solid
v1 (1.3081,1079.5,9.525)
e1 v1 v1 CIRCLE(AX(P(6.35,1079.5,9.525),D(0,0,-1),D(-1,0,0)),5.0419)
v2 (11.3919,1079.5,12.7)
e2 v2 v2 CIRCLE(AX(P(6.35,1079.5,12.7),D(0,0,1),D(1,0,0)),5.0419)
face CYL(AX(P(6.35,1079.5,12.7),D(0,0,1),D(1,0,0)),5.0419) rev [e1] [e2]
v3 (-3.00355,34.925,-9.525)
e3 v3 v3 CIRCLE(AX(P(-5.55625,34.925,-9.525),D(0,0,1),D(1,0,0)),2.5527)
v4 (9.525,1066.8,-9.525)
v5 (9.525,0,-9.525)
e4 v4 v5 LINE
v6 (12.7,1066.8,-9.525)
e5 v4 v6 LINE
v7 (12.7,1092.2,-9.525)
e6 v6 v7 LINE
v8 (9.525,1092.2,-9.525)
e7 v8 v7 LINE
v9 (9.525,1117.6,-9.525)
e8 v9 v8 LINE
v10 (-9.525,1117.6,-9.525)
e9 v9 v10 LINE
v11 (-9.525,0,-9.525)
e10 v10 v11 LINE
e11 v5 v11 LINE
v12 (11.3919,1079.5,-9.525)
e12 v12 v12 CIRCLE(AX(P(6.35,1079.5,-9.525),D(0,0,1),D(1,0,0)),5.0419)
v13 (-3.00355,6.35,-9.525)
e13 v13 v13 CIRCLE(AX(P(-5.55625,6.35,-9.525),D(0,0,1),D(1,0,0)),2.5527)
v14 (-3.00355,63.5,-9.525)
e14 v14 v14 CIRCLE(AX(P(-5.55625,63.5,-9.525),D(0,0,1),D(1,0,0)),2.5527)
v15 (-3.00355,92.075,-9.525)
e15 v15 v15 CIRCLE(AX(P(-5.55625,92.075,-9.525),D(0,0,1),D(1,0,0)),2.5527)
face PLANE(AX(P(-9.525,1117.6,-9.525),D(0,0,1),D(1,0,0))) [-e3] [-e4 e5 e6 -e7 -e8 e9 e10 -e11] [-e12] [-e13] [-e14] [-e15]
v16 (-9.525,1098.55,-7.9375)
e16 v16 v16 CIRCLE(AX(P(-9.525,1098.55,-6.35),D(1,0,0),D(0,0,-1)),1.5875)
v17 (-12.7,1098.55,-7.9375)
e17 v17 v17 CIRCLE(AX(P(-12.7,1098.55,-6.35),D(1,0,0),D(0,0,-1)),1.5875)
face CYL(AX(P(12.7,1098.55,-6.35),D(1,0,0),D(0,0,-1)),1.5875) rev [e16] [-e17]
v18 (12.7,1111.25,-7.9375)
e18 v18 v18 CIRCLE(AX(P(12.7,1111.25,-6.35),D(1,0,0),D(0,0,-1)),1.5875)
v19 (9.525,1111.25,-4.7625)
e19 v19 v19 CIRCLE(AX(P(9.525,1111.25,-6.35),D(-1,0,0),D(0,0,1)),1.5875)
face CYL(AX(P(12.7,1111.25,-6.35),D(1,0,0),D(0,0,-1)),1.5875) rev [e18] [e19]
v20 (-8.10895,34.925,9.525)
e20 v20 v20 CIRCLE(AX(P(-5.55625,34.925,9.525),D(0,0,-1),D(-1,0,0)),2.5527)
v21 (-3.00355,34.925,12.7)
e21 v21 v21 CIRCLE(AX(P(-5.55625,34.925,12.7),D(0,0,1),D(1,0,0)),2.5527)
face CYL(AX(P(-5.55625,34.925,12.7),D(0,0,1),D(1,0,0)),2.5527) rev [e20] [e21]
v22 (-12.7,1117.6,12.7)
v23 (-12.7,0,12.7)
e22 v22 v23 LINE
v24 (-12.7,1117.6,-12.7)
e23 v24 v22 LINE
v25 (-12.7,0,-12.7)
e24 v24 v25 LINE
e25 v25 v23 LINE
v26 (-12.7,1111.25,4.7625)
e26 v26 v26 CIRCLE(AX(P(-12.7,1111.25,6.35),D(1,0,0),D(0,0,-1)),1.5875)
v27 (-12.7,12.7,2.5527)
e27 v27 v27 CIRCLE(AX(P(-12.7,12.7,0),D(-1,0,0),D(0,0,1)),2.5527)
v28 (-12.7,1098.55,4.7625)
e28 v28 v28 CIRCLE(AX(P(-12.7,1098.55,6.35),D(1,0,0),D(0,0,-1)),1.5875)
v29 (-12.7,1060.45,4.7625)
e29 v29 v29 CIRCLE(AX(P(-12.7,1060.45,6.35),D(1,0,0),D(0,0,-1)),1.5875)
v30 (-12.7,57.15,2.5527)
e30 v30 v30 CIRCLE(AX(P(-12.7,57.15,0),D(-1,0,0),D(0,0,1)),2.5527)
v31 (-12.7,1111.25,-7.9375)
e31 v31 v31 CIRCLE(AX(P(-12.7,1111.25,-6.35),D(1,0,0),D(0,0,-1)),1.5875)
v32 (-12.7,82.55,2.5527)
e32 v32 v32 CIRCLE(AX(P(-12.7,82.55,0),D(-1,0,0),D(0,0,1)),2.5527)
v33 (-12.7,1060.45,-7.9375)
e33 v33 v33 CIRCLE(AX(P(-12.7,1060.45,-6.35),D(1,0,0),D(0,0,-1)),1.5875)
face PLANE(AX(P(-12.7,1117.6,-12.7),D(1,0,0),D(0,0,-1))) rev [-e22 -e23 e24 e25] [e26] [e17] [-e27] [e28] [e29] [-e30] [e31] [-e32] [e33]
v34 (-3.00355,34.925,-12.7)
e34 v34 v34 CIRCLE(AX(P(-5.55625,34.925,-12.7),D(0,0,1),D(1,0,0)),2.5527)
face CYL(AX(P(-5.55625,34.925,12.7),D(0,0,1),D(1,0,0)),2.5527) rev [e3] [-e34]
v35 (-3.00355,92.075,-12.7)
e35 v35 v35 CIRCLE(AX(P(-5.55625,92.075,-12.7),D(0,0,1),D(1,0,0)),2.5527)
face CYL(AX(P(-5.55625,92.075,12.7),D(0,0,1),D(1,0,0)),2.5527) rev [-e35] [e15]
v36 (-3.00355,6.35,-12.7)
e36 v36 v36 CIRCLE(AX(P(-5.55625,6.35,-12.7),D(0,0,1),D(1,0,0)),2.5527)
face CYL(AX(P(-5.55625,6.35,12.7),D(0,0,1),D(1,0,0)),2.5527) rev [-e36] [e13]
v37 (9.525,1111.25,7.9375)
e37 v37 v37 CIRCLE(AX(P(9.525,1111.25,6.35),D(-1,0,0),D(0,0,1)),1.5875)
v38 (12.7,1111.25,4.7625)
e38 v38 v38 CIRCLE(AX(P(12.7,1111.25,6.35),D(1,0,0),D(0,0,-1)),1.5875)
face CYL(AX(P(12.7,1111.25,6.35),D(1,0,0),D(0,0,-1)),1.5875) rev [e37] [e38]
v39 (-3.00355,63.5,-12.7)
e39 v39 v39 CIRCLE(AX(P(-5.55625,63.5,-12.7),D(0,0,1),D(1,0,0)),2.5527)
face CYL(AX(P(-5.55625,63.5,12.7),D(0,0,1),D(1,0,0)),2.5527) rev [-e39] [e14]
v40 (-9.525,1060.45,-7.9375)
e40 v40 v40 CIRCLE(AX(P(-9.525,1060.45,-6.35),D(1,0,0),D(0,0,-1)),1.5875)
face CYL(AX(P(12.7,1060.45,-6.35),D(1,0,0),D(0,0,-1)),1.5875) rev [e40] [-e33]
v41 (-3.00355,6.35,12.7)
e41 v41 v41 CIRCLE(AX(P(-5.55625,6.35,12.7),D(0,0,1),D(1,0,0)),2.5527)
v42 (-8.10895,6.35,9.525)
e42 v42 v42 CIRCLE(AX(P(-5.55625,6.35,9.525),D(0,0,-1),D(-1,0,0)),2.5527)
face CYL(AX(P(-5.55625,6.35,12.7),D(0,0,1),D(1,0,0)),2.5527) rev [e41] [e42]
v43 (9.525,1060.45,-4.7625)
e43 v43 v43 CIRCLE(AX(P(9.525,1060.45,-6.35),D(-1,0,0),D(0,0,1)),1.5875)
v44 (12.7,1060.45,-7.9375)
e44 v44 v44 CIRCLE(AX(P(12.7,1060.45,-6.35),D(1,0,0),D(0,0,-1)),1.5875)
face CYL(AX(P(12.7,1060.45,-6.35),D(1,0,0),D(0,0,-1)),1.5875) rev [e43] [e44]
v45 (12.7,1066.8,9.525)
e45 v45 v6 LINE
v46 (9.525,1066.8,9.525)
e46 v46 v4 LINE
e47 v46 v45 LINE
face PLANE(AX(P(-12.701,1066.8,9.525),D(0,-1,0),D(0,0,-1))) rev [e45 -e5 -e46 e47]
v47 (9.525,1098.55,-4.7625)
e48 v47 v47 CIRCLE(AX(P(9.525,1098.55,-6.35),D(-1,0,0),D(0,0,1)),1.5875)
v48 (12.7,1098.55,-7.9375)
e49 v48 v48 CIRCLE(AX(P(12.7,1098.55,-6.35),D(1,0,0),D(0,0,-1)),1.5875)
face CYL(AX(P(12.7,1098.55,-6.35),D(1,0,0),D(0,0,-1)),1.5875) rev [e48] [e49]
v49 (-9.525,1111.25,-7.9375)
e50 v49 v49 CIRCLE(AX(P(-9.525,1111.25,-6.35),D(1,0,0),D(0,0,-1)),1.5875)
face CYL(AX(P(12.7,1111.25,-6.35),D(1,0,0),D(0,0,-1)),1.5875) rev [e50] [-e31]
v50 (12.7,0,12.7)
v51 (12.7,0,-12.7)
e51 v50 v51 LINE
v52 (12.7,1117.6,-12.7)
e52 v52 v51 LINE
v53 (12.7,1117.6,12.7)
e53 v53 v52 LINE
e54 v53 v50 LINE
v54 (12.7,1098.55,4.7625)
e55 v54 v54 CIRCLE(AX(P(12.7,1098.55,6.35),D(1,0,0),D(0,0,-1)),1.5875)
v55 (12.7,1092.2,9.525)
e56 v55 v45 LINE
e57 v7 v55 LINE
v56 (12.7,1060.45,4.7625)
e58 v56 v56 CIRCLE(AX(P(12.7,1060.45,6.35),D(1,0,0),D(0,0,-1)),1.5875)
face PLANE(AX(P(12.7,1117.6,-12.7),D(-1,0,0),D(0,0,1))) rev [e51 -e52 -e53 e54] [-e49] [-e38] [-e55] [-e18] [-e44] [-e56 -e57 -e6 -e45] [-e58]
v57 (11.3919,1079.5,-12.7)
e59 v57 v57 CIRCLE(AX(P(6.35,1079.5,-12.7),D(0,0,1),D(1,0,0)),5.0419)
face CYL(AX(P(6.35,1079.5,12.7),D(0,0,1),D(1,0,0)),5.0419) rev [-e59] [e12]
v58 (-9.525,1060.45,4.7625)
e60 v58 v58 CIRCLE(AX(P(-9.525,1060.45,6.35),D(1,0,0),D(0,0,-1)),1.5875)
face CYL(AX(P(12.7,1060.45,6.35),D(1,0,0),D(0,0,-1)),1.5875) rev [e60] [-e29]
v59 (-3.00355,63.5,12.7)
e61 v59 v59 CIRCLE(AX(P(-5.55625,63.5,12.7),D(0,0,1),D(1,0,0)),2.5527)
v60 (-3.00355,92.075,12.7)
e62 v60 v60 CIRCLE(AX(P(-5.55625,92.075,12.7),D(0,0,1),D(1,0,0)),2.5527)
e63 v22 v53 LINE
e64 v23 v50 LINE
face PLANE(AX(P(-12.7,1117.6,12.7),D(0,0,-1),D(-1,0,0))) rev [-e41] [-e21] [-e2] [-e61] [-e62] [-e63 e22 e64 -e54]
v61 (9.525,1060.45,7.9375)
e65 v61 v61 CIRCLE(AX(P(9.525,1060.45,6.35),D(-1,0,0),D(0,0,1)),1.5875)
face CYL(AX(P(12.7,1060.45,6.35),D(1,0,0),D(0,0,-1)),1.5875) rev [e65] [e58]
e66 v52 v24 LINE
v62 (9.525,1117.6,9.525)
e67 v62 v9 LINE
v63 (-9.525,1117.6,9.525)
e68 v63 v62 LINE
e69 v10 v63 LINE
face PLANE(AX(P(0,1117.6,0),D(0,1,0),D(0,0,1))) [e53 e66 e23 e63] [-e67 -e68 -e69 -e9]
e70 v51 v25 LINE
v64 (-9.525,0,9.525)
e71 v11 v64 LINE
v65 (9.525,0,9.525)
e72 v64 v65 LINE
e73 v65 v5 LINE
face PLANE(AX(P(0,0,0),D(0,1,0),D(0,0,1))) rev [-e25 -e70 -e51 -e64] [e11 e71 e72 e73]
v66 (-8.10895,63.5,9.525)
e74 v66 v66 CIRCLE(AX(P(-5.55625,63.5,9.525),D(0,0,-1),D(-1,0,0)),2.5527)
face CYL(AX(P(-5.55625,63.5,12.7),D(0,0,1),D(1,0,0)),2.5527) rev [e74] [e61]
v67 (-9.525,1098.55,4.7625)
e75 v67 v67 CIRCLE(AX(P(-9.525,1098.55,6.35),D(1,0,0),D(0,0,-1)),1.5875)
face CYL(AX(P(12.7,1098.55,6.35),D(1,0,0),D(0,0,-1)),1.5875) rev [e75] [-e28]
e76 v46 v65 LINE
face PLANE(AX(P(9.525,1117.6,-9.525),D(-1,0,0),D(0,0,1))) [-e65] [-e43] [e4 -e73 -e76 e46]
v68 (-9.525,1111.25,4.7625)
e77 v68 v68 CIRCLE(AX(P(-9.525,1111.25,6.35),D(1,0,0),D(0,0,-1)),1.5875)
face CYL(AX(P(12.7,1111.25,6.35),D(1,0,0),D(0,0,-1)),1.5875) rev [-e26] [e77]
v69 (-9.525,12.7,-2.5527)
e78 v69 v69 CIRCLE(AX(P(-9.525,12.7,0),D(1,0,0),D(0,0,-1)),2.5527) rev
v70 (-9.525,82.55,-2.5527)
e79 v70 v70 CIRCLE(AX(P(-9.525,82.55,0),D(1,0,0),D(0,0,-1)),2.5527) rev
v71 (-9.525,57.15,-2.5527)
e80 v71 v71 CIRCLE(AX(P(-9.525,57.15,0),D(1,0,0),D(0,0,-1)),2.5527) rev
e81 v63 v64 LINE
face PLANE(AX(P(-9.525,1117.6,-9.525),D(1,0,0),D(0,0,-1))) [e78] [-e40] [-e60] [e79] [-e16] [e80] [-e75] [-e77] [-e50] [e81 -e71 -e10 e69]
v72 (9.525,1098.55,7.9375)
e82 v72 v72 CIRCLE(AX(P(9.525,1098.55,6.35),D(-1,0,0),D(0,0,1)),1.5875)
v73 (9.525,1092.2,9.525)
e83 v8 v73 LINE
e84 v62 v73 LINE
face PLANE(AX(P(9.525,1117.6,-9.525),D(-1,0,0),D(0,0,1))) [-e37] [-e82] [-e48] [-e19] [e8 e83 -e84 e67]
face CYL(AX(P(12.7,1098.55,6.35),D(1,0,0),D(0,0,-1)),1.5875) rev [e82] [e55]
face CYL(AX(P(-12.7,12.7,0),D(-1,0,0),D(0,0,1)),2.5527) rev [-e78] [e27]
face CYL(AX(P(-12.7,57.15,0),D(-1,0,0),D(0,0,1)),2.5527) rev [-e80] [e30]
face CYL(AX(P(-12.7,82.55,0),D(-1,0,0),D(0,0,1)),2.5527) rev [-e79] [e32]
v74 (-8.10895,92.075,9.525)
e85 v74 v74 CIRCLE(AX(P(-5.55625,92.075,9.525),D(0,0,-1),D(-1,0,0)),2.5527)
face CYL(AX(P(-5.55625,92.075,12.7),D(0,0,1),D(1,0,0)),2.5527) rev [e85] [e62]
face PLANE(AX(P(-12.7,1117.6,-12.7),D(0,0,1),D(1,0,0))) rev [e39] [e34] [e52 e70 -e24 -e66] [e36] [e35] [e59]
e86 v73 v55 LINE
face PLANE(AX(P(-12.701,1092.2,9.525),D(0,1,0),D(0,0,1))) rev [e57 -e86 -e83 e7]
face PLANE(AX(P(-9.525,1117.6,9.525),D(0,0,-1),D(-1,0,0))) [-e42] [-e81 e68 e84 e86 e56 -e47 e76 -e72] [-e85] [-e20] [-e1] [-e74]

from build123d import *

# Parameters (mm, degrees)
SKETCH1_W                    = 25.4
SKETCH1_H                    = 25.4
SKETCH1_W_2                  = 19.05
SKETCH1_H_2                  = 19.05
BOSS_EXTRUDE1_DEPTH          = 1117.6
CUT_EXTRUDE1_REACH           = 1119.961
SKETCH2_W                    = 19.05
SKETCH2_H                    = 25.4
F_3_8_CLEARANCE_HOLE1_D      = 10.0838
F_10_CLEARANCE_HOLE1_REACH   = 1502.875
F_10_CLEARANCE_HOLE1_BORE_R  = 2.5527
F_1_8_0_125_DIAMETER_HOLE1_D = 3.175
F_10_CLEARANCE_HOLE2_D       = 5.1054


with BuildPart() as part:
    # Sketch1 → Boss-Extrude1 (new body)
    with BuildSketch(Plane(origin=(0, 0, 0), x_dir=(1, 0, 0), z_dir=(0, 1, 0))):
        Rectangle(SKETCH1_W, SKETCH1_H)
        Rectangle(SKETCH1_W_2, SKETCH1_H_2, mode=Mode.SUBTRACT)
    extrude(amount=BOSS_EXTRUDE1_DEPTH)

    # Sketch2 → Cut-Extrude1 (cut, up to next)
    with BuildSketch(Plane(origin=(12.7, 0, 0), x_dir=(0, 0, -1), z_dir=(1, 0, 0)), mode=Mode.PRIVATE) as cut_extrude1_sk1:
        with Locations((0, 1079.5)):
            Rectangle(SKETCH2_W, SKETCH2_H)
    cut_extrude1_tool1 = extrude(cut_extrude1_sk1.sketch, amount=-CUT_EXTRUDE1_REACH, mode=Mode.PRIVATE) & part.part
    add(cut_extrude1_tool1.solids().sort_by_distance((12.7, 1079.5, 0))[0], mode=Mode.SUBTRACT)

    # 3/8 Clearance Hole1 (through all)
    with Locations(Plane.XY.offset(12.7)):
        with Locations((6.35, 1079.5)):
            Hole(F_3_8_CLEARANCE_HOLE1_D / 2)

    # #10 Clearance Hole1 bore → #10 Clearance Hole1 (cut, up to next)
    with BuildSketch(Plane(origin=(-12.7, -56.379087674, -922.047250894), x_dir=(0, 0, 1), z_dir=(-1, 0, 0)), mode=Mode.PRIVATE) as f_10_clearance_hole1_sk1:
        with Locations((922.047250894, 138.929087674)):
            Circle(F_10_CLEARANCE_HOLE1_BORE_R)
    f_10_clearance_hole1_tool1 = extrude(f_10_clearance_hole1_sk1.sketch, amount=-F_10_CLEARANCE_HOLE1_REACH, mode=Mode.PRIVATE) & part.part
    # #10 Clearance Hole1 bore → #10 Clearance Hole1 (cut, up to next)
    with BuildSketch(Plane(origin=(-12.7, -56.379087674, -922.047250894), x_dir=(0, 0, 1), z_dir=(-1, 0, 0)), mode=Mode.PRIVATE) as f_10_clearance_hole1_sk2:
        with Locations((922.047250894, 113.529087674)):
            Circle(F_10_CLEARANCE_HOLE1_BORE_R)
    f_10_clearance_hole1_tool2 = extrude(f_10_clearance_hole1_sk2.sketch, amount=-F_10_CLEARANCE_HOLE1_REACH, mode=Mode.PRIVATE) & part.part
    # #10 Clearance Hole1 bore → #10 Clearance Hole1 (cut, up to next)
    with BuildSketch(Plane(origin=(-12.7, -56.379087674, -922.047250894), x_dir=(0, 0, 1), z_dir=(-1, 0, 0)), mode=Mode.PRIVATE) as f_10_clearance_hole1_sk3:
        with Locations((922.047250894, 69.079087674)):
            Circle(F_10_CLEARANCE_HOLE1_BORE_R)
    f_10_clearance_hole1_tool3 = extrude(f_10_clearance_hole1_sk3.sketch, amount=-F_10_CLEARANCE_HOLE1_REACH, mode=Mode.PRIVATE) & part.part
    add(f_10_clearance_hole1_tool1.solids().sort_by_distance((-12.7, 82.55, 0))[0], mode=Mode.SUBTRACT)
    add(f_10_clearance_hole1_tool2.solids().sort_by_distance((-12.7, 57.15, 0))[0], mode=Mode.SUBTRACT)
    add(f_10_clearance_hole1_tool3.solids().sort_by_distance((-12.7, 12.7, 0))[0], mode=Mode.SUBTRACT)

    # 1/8 (0.125) Diameter Hole1 (through all)
    with Locations(Plane(origin=(12.7, 0, 0), x_dir=(0, 0, -1), z_dir=(1, 0, 0))):
        with Locations((6.35, 1060.45), (6.35, 1098.55), (-6.35, 1111.25), (-6.35, 1098.55), (6.35, 1111.25), (-6.35, 1060.45)):
            Hole(F_1_8_0_125_DIAMETER_HOLE1_D / 2)

    # #10 Clearance Hole2 (through all)
    with Locations(Plane.XY.offset(12.7)):
        with Locations((112.944997341, 382.363477044), (-5.55625, 6.35), (-5.55625, 34.925), (-5.55625, 92.075), (-5.55625, 63.5)):
            Hole(F_10_CLEARANCE_HOLE2_D / 2)


solid = part.part
